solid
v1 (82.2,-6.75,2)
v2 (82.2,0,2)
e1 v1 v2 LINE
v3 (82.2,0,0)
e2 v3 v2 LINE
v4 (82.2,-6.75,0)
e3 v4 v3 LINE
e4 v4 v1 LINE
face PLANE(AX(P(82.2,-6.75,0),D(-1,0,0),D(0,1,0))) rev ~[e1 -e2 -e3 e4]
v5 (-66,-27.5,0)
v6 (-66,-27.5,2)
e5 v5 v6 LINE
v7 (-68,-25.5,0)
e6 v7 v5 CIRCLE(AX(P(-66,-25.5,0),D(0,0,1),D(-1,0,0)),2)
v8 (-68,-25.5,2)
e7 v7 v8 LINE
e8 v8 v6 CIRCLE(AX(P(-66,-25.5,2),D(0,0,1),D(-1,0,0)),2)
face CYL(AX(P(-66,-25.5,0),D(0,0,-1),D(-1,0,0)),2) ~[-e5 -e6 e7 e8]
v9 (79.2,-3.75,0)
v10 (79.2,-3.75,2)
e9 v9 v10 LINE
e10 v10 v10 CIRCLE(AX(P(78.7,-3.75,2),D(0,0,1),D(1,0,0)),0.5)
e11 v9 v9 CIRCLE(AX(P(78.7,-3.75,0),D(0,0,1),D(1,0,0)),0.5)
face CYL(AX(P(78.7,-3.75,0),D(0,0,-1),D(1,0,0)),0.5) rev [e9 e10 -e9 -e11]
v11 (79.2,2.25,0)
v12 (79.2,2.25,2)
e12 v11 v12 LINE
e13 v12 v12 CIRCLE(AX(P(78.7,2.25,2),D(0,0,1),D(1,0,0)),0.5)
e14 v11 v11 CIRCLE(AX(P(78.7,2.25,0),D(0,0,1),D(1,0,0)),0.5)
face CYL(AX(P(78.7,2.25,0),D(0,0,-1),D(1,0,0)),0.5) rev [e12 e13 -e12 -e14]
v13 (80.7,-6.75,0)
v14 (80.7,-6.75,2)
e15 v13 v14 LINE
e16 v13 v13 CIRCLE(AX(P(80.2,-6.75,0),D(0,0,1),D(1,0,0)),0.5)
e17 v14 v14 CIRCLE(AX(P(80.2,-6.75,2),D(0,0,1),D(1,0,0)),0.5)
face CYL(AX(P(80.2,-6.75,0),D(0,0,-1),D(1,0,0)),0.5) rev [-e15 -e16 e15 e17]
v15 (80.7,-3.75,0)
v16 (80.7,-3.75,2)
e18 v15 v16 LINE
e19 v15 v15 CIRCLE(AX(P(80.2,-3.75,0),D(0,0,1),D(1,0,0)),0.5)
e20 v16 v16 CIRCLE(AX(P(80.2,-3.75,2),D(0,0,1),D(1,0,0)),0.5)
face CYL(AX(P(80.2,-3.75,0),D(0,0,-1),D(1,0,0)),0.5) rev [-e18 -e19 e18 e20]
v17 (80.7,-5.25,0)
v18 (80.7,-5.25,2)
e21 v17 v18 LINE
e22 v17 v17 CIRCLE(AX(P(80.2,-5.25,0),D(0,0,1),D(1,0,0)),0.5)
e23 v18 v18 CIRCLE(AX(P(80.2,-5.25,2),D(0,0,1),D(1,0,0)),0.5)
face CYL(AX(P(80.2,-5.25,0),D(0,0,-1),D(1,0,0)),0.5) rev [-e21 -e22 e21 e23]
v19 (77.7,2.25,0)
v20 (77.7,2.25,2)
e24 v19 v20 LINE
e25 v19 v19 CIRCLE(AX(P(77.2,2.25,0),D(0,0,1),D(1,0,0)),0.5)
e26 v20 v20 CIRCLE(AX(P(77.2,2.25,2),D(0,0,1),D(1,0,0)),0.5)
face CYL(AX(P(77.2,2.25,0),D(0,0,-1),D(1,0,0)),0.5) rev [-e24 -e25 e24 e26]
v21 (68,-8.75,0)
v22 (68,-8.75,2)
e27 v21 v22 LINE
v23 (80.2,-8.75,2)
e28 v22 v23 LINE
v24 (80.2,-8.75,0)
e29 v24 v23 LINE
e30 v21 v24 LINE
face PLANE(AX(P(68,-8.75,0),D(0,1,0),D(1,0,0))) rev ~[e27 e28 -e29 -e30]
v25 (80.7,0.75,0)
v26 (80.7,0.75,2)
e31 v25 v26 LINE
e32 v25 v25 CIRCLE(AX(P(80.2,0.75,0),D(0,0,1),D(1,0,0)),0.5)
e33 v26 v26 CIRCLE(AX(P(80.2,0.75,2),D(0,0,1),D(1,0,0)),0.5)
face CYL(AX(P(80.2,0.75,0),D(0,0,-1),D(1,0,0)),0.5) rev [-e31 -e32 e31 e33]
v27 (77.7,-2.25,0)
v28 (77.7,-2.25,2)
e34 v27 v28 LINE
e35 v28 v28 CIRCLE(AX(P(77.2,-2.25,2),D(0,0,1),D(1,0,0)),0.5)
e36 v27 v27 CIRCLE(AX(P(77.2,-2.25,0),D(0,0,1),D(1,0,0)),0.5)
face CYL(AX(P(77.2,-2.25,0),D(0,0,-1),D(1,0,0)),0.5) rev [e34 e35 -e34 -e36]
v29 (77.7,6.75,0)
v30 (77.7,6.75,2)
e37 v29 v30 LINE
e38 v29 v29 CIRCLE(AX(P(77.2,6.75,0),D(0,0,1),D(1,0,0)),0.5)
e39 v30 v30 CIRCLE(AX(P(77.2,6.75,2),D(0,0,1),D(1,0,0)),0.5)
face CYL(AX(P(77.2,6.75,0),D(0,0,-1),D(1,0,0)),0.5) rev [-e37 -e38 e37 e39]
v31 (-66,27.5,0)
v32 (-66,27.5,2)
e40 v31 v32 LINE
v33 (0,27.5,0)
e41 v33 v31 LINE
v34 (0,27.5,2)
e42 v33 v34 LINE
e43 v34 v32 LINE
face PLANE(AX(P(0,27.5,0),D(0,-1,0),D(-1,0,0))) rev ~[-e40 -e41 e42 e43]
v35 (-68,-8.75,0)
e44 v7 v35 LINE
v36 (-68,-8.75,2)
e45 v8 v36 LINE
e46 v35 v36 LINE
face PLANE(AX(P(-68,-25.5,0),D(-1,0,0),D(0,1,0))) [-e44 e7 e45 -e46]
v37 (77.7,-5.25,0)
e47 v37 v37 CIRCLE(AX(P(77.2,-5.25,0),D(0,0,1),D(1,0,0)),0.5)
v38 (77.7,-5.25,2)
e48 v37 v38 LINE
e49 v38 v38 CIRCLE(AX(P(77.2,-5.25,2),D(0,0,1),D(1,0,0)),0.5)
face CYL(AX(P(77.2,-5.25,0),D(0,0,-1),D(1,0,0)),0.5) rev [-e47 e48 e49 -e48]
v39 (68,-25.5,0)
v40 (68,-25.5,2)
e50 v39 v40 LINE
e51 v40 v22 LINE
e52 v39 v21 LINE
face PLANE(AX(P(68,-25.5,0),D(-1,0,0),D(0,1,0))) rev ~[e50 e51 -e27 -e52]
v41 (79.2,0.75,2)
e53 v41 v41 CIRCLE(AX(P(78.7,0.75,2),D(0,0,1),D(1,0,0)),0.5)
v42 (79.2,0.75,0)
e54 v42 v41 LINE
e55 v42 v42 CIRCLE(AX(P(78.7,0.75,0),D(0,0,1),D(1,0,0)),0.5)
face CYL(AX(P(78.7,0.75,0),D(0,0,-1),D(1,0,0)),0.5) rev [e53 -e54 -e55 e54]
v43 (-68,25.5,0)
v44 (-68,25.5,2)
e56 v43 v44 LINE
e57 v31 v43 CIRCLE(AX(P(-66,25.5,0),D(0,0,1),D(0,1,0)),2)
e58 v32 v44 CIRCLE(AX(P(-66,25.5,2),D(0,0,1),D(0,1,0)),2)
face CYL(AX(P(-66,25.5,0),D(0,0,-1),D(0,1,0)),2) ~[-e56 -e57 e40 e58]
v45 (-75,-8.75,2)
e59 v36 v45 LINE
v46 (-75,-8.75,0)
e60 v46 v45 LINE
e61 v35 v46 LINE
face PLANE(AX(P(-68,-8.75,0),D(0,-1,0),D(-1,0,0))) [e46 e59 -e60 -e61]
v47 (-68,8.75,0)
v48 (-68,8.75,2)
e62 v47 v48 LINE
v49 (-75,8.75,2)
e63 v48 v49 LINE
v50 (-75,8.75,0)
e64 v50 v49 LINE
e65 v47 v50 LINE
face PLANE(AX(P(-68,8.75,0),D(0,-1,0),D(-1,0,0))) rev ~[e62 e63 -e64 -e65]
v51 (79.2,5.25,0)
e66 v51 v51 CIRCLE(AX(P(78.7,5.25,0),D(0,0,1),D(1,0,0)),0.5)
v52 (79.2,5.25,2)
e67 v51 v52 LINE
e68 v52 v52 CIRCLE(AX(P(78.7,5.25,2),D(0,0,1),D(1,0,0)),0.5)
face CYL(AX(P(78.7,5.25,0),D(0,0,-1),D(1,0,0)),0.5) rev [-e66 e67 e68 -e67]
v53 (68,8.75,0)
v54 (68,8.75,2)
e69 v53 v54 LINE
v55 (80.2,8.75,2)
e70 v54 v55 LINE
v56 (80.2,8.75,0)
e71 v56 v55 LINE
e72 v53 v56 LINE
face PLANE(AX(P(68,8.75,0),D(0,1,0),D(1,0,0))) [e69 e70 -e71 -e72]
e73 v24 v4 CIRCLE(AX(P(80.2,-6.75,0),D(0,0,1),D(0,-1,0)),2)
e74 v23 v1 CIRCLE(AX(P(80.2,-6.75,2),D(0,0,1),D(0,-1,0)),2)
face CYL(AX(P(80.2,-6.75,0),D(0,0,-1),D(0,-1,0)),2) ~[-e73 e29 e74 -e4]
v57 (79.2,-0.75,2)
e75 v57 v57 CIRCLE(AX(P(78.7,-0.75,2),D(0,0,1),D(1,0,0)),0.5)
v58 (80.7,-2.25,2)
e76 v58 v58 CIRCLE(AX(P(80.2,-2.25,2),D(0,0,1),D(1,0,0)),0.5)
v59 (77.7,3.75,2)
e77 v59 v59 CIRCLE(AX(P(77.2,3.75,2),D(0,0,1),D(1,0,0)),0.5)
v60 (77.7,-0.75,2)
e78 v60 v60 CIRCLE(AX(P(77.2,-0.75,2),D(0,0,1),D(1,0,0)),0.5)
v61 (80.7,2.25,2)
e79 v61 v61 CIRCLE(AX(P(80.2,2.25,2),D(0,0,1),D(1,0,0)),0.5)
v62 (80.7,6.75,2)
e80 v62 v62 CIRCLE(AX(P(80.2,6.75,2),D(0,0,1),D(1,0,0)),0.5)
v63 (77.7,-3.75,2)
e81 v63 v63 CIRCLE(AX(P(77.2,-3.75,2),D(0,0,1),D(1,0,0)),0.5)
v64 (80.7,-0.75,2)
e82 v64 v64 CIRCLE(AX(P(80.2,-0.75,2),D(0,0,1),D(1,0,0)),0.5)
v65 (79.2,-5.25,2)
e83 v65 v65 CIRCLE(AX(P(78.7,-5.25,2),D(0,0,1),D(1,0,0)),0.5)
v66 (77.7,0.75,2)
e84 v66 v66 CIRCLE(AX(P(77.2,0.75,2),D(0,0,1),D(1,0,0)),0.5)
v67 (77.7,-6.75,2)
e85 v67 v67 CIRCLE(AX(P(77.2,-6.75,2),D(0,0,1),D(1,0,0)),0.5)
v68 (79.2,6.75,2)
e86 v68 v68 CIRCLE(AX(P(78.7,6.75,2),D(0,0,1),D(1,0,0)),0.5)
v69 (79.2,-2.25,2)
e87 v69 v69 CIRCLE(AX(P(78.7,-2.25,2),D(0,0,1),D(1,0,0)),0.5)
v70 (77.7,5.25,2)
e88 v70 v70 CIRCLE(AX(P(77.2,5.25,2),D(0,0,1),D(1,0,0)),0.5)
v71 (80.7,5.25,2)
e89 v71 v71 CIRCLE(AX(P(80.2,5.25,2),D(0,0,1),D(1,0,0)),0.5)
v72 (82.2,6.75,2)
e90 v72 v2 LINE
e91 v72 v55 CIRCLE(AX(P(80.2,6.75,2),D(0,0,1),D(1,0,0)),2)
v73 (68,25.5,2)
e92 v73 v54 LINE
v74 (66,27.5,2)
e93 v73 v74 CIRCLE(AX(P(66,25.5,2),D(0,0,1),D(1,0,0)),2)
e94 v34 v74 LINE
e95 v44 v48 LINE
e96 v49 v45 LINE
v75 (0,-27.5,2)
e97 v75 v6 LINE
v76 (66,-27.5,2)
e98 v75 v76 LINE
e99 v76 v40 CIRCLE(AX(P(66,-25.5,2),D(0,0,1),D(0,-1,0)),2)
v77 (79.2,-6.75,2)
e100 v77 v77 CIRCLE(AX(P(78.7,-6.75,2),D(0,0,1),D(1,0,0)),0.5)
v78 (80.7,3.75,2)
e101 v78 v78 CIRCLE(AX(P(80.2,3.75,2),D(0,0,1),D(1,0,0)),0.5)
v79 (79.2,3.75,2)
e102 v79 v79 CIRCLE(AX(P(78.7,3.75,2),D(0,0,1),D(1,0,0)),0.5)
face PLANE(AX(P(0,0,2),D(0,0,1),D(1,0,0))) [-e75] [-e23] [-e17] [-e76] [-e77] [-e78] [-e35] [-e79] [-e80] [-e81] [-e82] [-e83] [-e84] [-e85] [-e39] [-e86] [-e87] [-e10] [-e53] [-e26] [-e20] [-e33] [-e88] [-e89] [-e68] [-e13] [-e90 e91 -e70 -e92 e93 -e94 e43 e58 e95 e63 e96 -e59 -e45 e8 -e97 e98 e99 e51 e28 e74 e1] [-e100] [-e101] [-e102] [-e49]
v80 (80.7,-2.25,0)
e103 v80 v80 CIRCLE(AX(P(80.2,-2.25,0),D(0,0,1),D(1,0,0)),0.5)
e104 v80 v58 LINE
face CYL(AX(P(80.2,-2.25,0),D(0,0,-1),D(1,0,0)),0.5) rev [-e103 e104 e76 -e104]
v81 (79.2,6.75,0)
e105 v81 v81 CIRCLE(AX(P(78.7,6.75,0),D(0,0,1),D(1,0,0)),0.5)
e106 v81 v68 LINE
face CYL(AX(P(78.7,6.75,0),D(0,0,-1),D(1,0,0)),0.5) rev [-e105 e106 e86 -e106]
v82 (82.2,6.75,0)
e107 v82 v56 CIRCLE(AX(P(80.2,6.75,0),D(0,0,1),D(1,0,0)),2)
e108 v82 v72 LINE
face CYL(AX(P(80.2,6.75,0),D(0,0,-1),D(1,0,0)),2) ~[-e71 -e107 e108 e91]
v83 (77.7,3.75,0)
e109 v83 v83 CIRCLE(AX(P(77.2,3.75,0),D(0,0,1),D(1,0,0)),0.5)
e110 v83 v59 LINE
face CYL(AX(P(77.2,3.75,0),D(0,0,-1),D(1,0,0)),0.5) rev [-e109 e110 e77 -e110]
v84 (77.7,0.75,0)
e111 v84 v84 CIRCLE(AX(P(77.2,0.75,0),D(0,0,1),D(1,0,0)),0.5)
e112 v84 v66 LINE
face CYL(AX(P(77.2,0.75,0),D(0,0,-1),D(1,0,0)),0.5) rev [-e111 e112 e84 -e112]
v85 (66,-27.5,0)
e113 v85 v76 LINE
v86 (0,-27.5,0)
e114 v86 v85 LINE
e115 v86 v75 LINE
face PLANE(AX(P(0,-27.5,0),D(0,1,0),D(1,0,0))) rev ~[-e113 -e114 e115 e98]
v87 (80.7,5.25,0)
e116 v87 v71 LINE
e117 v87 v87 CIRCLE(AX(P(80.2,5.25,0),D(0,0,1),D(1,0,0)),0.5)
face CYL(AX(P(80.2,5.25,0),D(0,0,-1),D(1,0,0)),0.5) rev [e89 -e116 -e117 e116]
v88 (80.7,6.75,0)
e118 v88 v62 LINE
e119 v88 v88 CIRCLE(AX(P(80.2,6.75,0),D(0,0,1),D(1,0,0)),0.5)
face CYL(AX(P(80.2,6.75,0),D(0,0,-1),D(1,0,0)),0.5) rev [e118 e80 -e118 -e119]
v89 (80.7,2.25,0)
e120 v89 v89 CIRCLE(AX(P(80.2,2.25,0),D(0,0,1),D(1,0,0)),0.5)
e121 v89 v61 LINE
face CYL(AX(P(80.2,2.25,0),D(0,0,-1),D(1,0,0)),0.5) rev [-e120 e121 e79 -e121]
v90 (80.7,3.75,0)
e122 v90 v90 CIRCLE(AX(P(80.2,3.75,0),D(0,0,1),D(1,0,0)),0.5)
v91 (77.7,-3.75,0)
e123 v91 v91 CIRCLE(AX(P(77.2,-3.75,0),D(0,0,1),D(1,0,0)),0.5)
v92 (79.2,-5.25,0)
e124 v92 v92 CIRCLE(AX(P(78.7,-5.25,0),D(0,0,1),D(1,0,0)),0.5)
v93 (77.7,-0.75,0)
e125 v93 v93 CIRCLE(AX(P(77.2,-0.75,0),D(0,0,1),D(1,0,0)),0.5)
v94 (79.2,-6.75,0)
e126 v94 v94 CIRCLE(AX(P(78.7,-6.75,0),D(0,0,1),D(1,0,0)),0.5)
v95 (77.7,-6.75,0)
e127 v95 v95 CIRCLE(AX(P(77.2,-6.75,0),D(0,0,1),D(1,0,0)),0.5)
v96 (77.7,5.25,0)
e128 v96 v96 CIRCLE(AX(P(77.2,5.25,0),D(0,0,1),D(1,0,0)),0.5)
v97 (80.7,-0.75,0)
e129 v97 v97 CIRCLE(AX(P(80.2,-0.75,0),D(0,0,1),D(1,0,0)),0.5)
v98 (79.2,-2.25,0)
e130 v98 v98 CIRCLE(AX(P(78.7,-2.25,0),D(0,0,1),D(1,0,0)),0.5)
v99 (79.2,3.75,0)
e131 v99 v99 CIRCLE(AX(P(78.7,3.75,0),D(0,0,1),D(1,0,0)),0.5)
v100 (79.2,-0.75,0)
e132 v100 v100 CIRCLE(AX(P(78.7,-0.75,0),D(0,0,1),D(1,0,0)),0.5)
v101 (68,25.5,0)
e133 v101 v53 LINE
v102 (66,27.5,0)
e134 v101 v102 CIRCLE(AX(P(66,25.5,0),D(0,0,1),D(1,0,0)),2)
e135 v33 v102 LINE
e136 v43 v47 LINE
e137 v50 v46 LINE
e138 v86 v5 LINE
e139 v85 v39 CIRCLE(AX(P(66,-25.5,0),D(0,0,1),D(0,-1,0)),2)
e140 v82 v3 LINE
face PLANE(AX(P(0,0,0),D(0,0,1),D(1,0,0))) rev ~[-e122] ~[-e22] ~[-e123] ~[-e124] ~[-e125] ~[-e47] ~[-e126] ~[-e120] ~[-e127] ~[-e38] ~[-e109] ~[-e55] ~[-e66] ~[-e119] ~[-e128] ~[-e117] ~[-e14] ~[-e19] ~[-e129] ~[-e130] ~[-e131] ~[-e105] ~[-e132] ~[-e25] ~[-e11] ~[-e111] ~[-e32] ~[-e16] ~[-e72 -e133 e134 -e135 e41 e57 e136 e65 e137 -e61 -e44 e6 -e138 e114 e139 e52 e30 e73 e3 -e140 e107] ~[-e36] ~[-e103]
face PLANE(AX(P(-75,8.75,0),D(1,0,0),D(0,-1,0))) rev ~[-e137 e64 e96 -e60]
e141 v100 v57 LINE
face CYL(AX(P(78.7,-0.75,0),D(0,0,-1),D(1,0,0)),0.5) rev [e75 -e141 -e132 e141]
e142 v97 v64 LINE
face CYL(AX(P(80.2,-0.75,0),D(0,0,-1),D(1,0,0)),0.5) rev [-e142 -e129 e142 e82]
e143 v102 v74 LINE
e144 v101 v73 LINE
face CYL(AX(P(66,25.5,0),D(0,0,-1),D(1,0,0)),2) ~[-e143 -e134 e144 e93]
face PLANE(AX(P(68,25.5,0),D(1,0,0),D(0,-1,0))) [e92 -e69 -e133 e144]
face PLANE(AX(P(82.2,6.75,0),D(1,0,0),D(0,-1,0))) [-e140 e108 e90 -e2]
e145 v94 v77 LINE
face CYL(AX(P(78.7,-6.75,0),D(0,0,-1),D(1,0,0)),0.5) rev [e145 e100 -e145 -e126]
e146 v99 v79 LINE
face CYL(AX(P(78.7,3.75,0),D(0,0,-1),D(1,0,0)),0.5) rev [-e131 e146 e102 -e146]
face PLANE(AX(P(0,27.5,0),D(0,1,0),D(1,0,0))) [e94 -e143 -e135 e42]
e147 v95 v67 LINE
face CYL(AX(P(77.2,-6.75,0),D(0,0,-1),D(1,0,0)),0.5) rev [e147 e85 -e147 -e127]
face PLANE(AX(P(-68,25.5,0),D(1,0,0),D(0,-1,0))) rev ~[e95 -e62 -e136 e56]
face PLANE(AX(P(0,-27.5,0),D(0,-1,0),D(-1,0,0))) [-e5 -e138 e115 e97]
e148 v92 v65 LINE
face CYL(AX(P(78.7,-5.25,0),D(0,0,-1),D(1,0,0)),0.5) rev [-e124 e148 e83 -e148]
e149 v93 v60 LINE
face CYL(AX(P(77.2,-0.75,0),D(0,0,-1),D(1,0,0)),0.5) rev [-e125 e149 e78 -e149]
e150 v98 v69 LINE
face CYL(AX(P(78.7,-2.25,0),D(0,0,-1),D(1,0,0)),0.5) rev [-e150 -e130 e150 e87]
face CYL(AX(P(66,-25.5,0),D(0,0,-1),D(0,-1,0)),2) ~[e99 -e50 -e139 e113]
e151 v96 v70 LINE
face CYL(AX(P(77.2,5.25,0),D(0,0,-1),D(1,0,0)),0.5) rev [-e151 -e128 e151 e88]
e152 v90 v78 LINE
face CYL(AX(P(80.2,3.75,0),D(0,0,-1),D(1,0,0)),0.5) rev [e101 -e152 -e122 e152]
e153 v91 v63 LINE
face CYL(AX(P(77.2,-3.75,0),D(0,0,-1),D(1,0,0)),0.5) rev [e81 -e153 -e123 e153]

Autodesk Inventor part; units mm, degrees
ref_plane "YZ Plane" through (0, 0, 0) normal (1, 0, 0) x (0, 1, 0)
ref_plane "XZ Plane" through (0, 0, 0) normal (0, 1, 0) x (-1, 0, 0)
ref_plane "XY Plane" through (0, 0, 0) normal (0, 0, 1) x (1, 0, 0)
sketch "Sketch1" plane through (0, 0, 0) normal (0, 0, 1) x (1, 0, 0)
  line L0 (0, 39.0799) -> (0, -39.0799) construction
  line L1 (-106.5228, 0) -> (114.1371, 0) construction
  line L2 (0, 27.5) -> (66, 27.5)
  line L3 (68, 25.5) -> (68, 8.75)
  line L4 (68, 8.75) -> (80.2, 8.75)
  line L5 (82.2, 6.75) -> (82.2, 0)
  line L6 (75, 22.5739) -> (75, -22.5739) construction
  circle A0 centre (77.2, 6.75) radius 0.5
  circle A1 centre (78.7, 6.75) radius 0.5
  circle A2 centre (80.2, 6.75) radius 0.5
  circle A3 centre (77.2, 5.25) radius 0.5
  circle A4 centre (78.7, 5.25) radius 0.5
  circle A5 centre (80.2, 5.25) radius 0.5
  circle A6 centre (77.2, 3.75) radius 0.5
  circle A7 centre (78.7, 3.75) radius 0.5
  circle A8 centre (80.2, 3.75) radius 0.5
  circle A9 centre (77.2, 2.25) radius 0.5
  circle A10 centre (78.7, 2.25) radius 0.5
  circle A11 centre (80.2, 2.25) radius 0.5
  circle A12 centre (77.2, 0.75) radius 0.5
  circle A13 centre (78.7, 0.75) radius 0.5
  circle A14 centre (80.2, 0.75) radius 0.5
  circle A15 centre (77.2, -0.75) radius 0.5
  circle A16 centre (78.7, -0.75) radius 0.5
  circle A17 centre (80.2, -0.75) radius 0.5
  circle A18 centre (77.2, -2.25) radius 0.5
  circle A19 centre (78.7, -2.25) radius 0.5
  circle A20 centre (80.2, -2.25) radius 0.5
  circle A21 centre (77.2, -3.75) radius 0.5
  circle A22 centre (78.7, -3.75) radius 0.5
  circle A23 centre (80.2, -3.75) radius 0.5
  circle A24 centre (77.2, -5.25) radius 0.5
  circle A25 centre (78.7, -5.25) radius 0.5
  circle A26 centre (80.2, -5.25) radius 0.5
  circle A27 centre (77.2, -6.75) radius 0.5
  circle A28 centre (78.7, -6.75) radius 0.5
  circle A29 centre (80.2, -6.75) radius 0.5
  arc A30 (82.2, 6.75) -> (80.2, 8.75) centre (80.2, 6.75) ccw
  arc A31 (68, 25.5) -> (66, 27.5) centre (66, 25.5) ccw
  line L7 (0, -27.5) -> (66, -27.5)
  line L8 (68, -25.5) -> (68, -8.75)
  line L9 (68, -8.75) -> (80.2, -8.75)
  line L10 (82.2, -6.75) -> (82.2, 0)
  line L11 (75, -22.5739) -> (75, 22.5739) construction
  arc A32 (80.2, -8.75) -> (82.2, -6.75) centre (80.2, -6.75) ccw
  arc A33 (66, -27.5) -> (68, -25.5) centre (66, -25.5) ccw
  line L12 (0, 27.5) -> (-66, 27.5)
  line L13 (-68, 25.5) -> (-68, 8.75)
  arc A34 (-66, 27.5) -> (-68, 25.5) centre (-66, 25.5) ccw
  line L14 (0, -27.5) -> (-66, -27.5)
  line L15 (-68, -25.5) -> (-68, -8.75)
  arc A35 (-68, -25.5) -> (-66, -27.5) centre (-66, -25.5) ccw
  line L16 (-75, -22.5739) -> (-75, 22.5739) construction
  line L17 (-68, 8.75) -> (-75, 8.75)
  line L18 (-75, 8.75) -> (-75, -8.75)
  line L19 (-68, -8.75) -> (-75, -8.75)
  point P0 (0, 0)
  dimension "d0" = 27.5
  dimension "d1" = 7
  dimension "d2" = 1
  dimension "d5" = 1.5
  dimension "d8" = 1.5
  dimension "d11" = 2
  dimension "d12" = 2
  dimension "d13" = 2
  dimension "d15" = 2.2
  dimension "d16" = 2
extrude "Extrusion1" add sketch "Sketch1" along normal blind 2
equation "\"d0\" = 0.5 * LogicPCB_Width"
equation "\"d1\" = Interface_Thickness"
equation "\"d12\" = d11"
equation "\"d17\" = LogicPCB_Thickness"
equation "\"Heatsink_Thickness\" = 5"
equation "\"Heatsink_Width\" = 65"
equation "\"Cover_Thickness\" = 2"
equation "\"PowerPCB_Minus_Height\" = 1.2"
equation "\"PowerPCB_Width\" = 63"
equation "\"Interface_Thickness\" = 7"
equation "\"PowerPCB_Thickness\" = 3"
equation "\"PowerPCB_Plus_Height\" = 8"
equation "\"LogicPCB_Width\" = 55"
equation "\"LogicPCB_Thickness\" = 2"
equation "\"LogicPCB_Plus_Height\" = 8"
equation "\"HostPCB_Plus_Height\" = 8"
equation "\"HostPCB_Thickness\" = 1.2"
properties part number "LogicPCB" material "GFRC"
